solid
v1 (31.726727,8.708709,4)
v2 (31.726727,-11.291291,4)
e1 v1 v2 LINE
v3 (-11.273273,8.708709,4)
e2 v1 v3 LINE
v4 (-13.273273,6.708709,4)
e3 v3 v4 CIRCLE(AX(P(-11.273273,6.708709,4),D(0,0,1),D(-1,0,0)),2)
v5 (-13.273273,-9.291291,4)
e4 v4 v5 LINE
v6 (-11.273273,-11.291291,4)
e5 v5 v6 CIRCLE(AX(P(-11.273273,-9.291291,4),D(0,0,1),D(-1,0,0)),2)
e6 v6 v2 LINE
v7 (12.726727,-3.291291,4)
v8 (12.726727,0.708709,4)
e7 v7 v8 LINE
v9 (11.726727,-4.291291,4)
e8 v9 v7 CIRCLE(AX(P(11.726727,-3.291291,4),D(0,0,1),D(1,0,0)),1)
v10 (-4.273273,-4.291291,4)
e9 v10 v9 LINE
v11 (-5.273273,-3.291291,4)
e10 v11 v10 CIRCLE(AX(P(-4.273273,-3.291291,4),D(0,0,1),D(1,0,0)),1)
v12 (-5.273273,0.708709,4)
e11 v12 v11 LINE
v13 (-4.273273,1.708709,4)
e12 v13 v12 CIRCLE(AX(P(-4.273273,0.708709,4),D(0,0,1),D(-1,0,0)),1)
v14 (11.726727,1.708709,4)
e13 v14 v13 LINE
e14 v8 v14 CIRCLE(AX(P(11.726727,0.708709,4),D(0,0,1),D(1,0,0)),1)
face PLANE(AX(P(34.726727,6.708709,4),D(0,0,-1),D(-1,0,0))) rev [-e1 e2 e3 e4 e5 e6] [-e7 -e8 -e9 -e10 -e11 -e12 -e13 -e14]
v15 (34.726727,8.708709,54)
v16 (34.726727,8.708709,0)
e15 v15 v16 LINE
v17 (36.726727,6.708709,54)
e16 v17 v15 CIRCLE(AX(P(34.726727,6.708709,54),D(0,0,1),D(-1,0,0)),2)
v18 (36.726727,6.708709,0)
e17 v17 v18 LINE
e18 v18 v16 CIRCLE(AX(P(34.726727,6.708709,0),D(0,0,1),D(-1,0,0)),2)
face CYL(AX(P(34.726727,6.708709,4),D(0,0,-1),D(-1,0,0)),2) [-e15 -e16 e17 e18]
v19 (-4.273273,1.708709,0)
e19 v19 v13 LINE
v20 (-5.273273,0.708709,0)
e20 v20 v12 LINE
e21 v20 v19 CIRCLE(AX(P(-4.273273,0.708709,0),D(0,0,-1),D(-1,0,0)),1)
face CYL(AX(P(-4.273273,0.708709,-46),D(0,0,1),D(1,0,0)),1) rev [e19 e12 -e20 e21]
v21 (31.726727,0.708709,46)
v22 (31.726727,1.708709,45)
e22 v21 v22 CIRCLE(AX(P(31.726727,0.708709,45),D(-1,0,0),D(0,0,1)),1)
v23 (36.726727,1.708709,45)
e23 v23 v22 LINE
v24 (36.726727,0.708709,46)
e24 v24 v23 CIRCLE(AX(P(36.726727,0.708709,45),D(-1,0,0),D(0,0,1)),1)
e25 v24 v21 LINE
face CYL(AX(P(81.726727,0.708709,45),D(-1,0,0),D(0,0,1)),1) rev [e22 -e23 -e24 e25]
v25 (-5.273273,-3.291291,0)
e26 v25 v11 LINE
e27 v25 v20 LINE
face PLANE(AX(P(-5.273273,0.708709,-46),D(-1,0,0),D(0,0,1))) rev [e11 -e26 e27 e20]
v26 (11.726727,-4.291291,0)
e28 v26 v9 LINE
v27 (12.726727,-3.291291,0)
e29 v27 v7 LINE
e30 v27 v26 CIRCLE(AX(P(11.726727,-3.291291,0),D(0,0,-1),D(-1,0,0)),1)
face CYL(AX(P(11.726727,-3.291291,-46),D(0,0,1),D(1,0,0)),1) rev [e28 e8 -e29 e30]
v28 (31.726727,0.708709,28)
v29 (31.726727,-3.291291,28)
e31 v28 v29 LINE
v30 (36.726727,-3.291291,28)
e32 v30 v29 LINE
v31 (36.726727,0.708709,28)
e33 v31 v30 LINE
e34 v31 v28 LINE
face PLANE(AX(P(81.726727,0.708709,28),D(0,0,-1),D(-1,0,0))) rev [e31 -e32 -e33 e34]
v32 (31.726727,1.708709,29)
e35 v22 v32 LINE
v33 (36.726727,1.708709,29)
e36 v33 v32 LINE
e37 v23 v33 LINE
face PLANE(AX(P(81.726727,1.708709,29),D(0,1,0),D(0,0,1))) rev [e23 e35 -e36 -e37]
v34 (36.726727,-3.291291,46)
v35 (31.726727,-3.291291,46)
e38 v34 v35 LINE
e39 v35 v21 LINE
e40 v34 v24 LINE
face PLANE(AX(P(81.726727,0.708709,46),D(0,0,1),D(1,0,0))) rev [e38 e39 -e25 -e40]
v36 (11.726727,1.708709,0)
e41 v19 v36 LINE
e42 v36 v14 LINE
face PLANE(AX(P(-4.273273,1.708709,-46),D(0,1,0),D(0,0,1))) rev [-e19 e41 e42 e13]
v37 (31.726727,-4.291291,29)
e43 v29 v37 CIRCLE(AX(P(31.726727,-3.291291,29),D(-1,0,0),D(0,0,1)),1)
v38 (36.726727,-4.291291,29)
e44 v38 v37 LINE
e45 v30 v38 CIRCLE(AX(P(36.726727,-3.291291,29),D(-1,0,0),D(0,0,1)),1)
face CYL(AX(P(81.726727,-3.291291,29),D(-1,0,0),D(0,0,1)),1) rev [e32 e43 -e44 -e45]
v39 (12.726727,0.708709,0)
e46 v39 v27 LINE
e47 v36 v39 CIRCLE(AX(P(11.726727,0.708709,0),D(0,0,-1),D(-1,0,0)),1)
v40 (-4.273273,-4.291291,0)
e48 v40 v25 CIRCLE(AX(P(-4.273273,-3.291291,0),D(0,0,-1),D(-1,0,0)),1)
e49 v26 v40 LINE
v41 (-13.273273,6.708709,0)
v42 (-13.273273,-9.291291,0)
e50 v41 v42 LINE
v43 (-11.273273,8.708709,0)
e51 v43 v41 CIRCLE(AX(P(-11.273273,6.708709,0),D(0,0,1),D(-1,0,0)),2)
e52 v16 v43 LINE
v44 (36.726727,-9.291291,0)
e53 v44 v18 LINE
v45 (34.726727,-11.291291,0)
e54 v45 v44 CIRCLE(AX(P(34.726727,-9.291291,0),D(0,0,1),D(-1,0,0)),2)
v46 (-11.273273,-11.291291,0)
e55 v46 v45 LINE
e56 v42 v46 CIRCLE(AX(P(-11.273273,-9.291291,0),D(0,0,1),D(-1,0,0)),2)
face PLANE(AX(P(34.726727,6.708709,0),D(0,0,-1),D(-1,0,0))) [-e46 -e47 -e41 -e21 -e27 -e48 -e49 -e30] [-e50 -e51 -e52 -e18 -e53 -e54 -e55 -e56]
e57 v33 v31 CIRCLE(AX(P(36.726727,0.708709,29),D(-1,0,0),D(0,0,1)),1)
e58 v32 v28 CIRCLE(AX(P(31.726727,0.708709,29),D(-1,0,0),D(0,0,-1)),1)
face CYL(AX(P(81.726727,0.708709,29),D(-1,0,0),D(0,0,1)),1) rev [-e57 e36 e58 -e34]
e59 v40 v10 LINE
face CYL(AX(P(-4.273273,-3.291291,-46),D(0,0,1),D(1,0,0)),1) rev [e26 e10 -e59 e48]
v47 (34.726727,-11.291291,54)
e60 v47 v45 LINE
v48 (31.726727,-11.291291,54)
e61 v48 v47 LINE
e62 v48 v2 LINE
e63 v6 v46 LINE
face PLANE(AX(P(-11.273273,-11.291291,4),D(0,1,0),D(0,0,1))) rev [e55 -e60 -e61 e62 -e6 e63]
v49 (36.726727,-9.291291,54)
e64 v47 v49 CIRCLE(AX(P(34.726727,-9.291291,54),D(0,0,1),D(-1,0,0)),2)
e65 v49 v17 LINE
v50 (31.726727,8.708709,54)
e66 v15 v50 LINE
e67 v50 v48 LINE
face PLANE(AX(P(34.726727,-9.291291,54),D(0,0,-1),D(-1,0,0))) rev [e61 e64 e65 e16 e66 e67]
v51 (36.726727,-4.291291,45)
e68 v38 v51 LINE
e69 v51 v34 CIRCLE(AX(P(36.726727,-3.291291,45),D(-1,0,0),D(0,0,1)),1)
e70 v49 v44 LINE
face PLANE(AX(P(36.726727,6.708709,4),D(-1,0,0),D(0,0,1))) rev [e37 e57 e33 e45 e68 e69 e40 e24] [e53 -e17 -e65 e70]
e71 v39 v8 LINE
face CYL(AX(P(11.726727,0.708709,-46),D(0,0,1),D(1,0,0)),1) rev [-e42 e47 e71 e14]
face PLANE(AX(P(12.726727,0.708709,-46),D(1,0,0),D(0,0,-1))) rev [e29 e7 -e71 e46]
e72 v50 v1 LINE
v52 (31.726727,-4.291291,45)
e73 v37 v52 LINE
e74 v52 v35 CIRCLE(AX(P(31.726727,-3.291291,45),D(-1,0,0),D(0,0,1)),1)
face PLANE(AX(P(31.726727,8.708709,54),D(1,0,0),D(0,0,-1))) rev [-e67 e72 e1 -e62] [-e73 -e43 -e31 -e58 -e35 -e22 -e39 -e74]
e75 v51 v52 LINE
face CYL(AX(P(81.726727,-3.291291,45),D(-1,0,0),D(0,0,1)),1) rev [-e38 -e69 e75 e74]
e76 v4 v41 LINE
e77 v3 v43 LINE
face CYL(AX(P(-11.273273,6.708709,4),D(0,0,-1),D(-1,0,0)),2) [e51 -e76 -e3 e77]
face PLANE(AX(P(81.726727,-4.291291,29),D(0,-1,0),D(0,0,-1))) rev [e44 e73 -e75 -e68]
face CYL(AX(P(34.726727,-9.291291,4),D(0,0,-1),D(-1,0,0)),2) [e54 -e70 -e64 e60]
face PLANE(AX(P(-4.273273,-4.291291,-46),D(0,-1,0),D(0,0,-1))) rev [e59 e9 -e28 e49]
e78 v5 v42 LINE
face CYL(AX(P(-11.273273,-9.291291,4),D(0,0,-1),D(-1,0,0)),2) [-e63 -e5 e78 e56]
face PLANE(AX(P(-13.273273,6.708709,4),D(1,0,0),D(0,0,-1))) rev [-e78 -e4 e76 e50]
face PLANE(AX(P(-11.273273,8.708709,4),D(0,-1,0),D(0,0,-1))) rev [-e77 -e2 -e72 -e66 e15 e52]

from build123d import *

# Parameters (mm, degrees)
BOSS_EXTRU_1_DEPTH      = 4
BOSS_EXTRU_3_DEPTH      = 50
ENL_V_MAT_EXTRU_1_DEPTH = 50
ENL_V_MAT_EXTRU_2_DEPTH = 50


with BuildPart() as part:
    # Esquisse1 → Boss.-Extru.1 (new body)
    with BuildSketch(Plane.XY):
        with BuildLine():
            Line((-11.273273273, 8.708708709), (34.726726727, 8.708708709))
            ThreePointArc((34.726726727, 8.708708709), (36.140940289, 8.122922271), (36.726726727, 6.708708709))
            Line((36.726726727, 6.708708709), (36.726726727, -9.291291291))
            ThreePointArc((36.726726727, -9.291291291), (36.140940289, -10.705504854), (34.726726727, -11.291291291))
            Line((34.726726727, -11.291291291), (-11.273273273, -11.291291291))
            ThreePointArc((-11.273273273, -11.291291291), (-12.687486836, -10.705504854), (-13.273273273, -9.291291291))
            Line((-13.273273273, -9.291291291), (-13.273273273, 6.708708709))
            ThreePointArc((-13.273273273, 6.708708709), (-12.687486836, 8.122922271), (-11.273273273, 8.708708709))
        make_face()
    extrude(amount=BOSS_EXTRU_1_DEPTH)

    # Esquisse2 → Boss.-Extru.3 (add)
    with BuildSketch(Plane.XY.offset(4)):
        with BuildLine():
            Line((31.726726727, 8.708708709), (34.726726727, 8.708708709))
            ThreePointArc((34.726726727, 8.708708709), (36.140940289, 8.122922271), (36.726726727, 6.708708709))
            Line((36.726726727, 6.708708709), (36.726726727, -9.291291291))
            ThreePointArc((36.726726727, -9.291291291), (36.140940289, -10.705504854), (34.726726727, -11.291291291))
            Line((34.726726727, -11.291291291), (31.726726727, -11.291291291))
            Line((31.726726727, -11.291291291), (31.726726727, 8.708708709))
        make_face()
    extrude(amount=BOSS_EXTRU_3_DEPTH)

    # Esquisse3 → Enlèv. mat.-Extru.1 (cut)
    with BuildSketch(Plane.XY.offset(4)):
        with BuildLine():
            Line((-4.273273273, 1.708708709), (11.726726727, 1.708708709))
            ThreePointArc((11.726726727, 1.708708709), (12.433833508, 1.41581549), (12.726726727, 0.708708709))
            Line((12.726726727, 0.708708709), (12.726726727, -3.291291291))
            ThreePointArc((12.726726727, -3.291291291), (12.433833508, -3.998398072), (11.726726727, -4.291291291))
            Line((11.726726727, -4.291291291), (-4.273273273, -4.291291291))
            ThreePointArc((-4.273273273, -4.291291291), (-4.980380054, -3.998398072), (-5.273273273, -3.291291291))
            Line((-5.273273273, -3.291291291), (-5.273273273, 0.708708709))
            ThreePointArc((-5.273273273, 0.708708709), (-4.980380054, 1.41581549), (-4.273273273, 1.708708709))
        make_face()
    extrude(amount=-ENL_V_MAT_EXTRU_1_DEPTH, mode=Mode.SUBTRACT)

    # Esquisse4 → Enlèv. mat.-Extru.2 (cut)
    with BuildSketch(Plane.ZY.offset(-31.726726727)):
        with BuildLine():
            Line((29, 1.708708709), (45, 1.708708709))
            ThreePointArc((45, 1.708708709), (45.707106781, 1.41581549), (46, 0.708708709))
            Line((46, 0.708708709), (46, -3.291291291))
            ThreePointArc((46, -3.291291291), (45.707106781, -3.998398072), (45, -4.291291291))
            Line((45, -4.291291291), (29, -4.291291291))
            ThreePointArc((29, -4.291291291), (28.292893219, -3.998398072), (28, -3.291291291))
            Line((28, -3.291291291), (28, 0.708708709))
            ThreePointArc((28, 0.708708709), (28.292893219, 1.41581549), (29, 1.708708709))
        make_face()
    extrude(amount=-ENL_V_MAT_EXTRU_2_DEPTH, mode=Mode.SUBTRACT)


solid = part.part
